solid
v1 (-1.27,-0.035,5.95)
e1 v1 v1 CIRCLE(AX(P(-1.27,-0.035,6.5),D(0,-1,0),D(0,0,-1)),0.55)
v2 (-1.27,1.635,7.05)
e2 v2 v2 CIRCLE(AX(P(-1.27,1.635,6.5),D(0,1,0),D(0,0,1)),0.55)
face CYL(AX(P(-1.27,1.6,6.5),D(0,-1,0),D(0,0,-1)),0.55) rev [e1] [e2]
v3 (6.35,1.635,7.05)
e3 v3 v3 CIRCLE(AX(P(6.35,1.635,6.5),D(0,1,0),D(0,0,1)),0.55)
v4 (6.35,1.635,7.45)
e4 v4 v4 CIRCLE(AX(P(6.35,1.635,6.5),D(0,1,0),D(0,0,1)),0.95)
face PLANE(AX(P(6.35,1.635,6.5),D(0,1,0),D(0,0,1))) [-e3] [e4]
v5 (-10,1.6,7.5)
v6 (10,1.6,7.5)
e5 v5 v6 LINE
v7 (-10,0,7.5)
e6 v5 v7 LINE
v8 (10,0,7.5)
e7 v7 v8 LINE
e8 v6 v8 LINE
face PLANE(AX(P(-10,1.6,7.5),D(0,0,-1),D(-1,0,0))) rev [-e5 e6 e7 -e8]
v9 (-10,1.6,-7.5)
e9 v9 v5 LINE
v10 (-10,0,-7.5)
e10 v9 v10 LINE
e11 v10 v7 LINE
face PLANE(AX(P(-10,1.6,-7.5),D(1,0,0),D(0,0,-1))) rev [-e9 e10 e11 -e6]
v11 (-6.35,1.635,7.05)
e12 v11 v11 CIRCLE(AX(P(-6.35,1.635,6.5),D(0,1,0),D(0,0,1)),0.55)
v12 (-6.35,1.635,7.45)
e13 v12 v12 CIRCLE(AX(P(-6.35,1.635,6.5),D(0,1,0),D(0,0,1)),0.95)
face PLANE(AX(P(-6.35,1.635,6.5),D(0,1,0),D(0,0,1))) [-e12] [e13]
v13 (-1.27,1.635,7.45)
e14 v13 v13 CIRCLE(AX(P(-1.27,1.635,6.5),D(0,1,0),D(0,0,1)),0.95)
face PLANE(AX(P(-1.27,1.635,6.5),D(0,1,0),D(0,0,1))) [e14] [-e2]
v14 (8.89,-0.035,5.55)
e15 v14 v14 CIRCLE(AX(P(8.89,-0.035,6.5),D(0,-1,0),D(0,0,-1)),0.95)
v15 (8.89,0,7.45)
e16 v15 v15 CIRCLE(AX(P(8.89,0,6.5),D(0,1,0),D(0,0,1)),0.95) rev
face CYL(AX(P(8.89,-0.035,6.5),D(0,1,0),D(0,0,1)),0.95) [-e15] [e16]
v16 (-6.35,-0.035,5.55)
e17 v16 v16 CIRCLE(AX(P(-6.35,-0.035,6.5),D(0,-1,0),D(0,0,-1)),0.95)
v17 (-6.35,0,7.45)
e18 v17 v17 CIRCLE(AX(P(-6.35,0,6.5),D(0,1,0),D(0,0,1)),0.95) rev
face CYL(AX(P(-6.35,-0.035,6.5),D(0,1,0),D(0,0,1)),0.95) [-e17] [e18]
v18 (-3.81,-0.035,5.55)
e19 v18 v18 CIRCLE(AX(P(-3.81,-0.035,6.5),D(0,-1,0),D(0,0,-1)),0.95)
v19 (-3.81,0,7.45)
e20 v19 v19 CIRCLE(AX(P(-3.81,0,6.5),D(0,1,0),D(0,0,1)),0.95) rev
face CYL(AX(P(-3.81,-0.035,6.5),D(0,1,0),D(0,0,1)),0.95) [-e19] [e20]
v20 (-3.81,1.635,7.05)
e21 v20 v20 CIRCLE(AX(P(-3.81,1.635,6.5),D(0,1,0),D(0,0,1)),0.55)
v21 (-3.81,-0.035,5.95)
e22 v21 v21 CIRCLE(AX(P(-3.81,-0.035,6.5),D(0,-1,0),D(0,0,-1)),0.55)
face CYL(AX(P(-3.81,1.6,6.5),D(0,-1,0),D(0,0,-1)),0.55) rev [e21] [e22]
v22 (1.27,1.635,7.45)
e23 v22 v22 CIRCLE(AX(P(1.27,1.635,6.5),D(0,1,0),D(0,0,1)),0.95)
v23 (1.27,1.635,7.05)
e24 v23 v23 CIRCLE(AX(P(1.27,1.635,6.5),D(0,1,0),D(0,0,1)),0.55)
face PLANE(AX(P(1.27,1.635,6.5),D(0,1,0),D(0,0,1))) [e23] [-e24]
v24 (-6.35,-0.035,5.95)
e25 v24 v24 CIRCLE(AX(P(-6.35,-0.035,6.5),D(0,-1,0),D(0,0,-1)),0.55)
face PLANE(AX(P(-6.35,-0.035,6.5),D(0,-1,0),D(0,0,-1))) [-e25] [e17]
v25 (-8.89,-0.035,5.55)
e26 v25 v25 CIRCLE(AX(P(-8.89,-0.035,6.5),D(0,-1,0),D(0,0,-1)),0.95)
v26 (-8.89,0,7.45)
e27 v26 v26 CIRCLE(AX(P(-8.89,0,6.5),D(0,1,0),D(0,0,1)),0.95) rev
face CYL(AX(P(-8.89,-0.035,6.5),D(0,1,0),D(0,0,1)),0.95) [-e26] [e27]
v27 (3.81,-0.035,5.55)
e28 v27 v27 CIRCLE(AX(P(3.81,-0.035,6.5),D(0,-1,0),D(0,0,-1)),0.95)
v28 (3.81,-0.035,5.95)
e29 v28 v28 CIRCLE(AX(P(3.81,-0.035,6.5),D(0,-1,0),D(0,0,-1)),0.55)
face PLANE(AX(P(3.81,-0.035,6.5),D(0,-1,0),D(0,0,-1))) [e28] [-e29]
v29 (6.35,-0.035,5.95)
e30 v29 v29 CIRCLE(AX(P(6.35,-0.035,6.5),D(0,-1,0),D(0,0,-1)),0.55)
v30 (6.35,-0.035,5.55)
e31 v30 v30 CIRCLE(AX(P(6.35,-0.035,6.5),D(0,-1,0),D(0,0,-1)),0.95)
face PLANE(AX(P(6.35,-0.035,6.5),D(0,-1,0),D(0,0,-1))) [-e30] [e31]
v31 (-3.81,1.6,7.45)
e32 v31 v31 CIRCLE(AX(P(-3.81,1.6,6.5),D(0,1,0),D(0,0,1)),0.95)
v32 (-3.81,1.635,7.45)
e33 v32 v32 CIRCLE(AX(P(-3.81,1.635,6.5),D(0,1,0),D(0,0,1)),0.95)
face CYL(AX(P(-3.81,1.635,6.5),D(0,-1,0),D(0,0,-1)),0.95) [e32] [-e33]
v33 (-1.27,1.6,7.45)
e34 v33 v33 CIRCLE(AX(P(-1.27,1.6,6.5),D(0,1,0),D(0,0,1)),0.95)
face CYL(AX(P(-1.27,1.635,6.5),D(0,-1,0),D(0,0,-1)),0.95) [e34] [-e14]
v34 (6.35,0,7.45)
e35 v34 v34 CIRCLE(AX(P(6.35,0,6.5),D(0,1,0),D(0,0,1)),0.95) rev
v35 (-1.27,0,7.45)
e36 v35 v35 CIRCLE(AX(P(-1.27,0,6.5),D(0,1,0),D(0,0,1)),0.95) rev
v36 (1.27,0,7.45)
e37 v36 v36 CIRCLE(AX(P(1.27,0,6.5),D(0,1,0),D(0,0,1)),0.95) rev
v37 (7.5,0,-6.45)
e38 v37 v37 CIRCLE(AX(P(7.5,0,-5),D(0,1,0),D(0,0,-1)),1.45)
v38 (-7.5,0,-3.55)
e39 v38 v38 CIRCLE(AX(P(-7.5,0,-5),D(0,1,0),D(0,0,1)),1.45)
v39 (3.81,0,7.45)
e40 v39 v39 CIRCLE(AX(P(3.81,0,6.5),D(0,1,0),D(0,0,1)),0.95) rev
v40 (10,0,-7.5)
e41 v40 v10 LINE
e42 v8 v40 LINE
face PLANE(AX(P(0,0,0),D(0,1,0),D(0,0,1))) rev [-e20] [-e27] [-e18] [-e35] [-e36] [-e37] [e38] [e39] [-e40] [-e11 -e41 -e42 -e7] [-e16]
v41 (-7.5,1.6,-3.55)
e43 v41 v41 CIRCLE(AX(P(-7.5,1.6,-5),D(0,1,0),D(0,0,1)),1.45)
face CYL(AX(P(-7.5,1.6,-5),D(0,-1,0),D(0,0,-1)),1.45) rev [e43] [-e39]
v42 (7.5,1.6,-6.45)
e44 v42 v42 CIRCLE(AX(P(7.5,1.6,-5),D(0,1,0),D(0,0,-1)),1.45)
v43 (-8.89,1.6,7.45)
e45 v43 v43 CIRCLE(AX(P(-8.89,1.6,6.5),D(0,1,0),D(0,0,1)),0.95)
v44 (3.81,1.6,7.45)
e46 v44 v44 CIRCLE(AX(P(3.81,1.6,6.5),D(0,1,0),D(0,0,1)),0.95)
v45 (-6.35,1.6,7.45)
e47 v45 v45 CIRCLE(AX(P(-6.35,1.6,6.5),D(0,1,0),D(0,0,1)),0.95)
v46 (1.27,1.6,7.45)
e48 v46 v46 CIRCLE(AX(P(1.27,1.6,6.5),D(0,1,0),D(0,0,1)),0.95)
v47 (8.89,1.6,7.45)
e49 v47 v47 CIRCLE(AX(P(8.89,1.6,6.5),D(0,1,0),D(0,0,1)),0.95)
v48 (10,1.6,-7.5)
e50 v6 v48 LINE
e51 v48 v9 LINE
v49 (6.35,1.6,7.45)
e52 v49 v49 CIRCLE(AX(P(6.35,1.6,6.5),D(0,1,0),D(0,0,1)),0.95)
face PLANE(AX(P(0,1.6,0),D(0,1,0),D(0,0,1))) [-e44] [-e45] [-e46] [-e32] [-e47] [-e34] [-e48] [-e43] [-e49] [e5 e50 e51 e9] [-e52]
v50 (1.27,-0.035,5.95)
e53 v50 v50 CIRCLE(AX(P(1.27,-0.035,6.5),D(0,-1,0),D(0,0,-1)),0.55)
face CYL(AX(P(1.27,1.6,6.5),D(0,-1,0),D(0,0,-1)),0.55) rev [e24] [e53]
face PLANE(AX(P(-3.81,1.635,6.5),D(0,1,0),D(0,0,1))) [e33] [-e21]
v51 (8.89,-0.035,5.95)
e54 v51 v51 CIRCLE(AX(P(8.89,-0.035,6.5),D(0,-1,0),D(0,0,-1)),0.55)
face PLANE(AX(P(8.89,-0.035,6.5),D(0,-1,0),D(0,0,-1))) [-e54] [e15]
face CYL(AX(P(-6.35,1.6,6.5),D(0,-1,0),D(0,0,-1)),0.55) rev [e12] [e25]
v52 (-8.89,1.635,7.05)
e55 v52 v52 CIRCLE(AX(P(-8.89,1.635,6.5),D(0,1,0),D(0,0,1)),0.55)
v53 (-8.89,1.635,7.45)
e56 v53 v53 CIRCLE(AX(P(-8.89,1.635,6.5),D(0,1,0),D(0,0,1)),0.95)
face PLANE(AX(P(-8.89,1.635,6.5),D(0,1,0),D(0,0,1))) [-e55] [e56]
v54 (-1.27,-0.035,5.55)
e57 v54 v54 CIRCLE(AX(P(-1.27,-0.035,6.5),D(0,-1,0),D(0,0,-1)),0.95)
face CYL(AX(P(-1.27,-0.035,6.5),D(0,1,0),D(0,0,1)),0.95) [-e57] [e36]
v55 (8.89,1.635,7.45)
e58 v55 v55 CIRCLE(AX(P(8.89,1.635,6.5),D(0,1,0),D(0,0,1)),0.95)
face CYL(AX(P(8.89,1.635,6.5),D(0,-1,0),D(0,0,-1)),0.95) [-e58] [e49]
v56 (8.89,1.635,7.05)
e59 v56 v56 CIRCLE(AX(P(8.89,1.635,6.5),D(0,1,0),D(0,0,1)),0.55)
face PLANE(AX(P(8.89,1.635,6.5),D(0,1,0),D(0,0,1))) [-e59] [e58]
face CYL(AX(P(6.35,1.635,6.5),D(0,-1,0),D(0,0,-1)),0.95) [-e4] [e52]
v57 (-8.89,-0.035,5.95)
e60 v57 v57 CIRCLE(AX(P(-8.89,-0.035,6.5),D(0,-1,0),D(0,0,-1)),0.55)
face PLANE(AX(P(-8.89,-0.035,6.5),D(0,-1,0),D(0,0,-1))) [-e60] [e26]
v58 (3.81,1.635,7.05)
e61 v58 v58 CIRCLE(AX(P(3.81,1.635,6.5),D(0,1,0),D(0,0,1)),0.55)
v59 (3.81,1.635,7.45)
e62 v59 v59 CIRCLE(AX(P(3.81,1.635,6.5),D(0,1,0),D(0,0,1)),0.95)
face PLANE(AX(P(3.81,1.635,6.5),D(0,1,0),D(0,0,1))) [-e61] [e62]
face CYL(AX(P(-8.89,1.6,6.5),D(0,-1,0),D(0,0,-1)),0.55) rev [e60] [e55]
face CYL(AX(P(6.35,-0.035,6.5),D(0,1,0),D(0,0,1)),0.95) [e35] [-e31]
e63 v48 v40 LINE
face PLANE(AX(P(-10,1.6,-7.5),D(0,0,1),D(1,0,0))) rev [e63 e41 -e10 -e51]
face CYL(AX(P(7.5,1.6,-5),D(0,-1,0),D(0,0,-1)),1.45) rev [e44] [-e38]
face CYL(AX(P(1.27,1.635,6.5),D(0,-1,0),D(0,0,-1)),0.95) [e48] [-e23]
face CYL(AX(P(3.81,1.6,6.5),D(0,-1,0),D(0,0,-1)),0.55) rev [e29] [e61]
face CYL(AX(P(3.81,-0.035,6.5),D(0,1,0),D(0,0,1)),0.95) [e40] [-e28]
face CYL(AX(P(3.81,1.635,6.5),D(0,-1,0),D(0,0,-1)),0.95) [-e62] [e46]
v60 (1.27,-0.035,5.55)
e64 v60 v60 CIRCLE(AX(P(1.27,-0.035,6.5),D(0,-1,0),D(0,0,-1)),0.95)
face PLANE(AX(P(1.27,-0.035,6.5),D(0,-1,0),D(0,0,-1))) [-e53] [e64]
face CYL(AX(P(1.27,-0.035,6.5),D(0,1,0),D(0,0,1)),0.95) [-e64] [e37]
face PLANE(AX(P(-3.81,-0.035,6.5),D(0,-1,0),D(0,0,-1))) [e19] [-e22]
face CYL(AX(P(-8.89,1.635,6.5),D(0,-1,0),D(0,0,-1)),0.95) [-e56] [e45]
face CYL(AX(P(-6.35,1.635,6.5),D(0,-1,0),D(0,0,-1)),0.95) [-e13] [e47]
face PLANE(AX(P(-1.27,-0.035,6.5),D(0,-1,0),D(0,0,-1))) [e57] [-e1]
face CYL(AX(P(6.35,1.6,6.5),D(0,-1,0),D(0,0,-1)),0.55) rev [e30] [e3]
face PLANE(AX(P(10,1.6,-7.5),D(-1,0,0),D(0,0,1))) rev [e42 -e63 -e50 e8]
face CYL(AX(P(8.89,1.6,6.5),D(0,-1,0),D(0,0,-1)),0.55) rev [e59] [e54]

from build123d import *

# Parameters (mm, degrees)
ESBO_O1_W                = 20
ESBO_O1_H                = 15
ESBO_O1_R                = 1.45
ESBO_O1_R_2              = 0.55
RESSALTO_EXTRUS_O1_DEPTH = 1.6
ESBO_O2_R                = 0.95
ESBO_O2_R_2              = 0.55
RESSALTO_EXTRUS_O2_DEPTH = 0.035
ESBO_O3_R                = 0.95
ESBO_O3_R_2              = 0.55
RESSALTO_EXTRUS_O3_DEPTH = 0.035


with BuildPart() as part:
    # Esboço1 → Ressalto-extrusão1 (new body)
    with BuildSketch(Plane(origin=(0, 0, 0), x_dir=(1, 0, 0), z_dir=(0, 1, 0))):
        Rectangle(ESBO_O1_W, ESBO_O1_H)
        with Locations((-7.5, 5)):
            Circle(ESBO_O1_R, mode=Mode.SUBTRACT)
        with Locations((7.5, 5)):
            Circle(ESBO_O1_R, mode=Mode.SUBTRACT)
        with Locations((-1.27, -6.5)):
            Circle(ESBO_O1_R_2, mode=Mode.SUBTRACT)
        with Locations((-3.81, -6.5)):
            Circle(ESBO_O1_R_2, mode=Mode.SUBTRACT)
        with Locations((-6.35, -6.5)):
            Circle(ESBO_O1_R_2, mode=Mode.SUBTRACT)
        with Locations((-8.89, -6.5)):
            Circle(ESBO_O1_R_2, mode=Mode.SUBTRACT)
        with Locations((1.27, -6.5)):
            Circle(ESBO_O1_R_2, mode=Mode.SUBTRACT)
        with Locations((3.81, -6.5)):
            Circle(ESBO_O1_R_2, mode=Mode.SUBTRACT)
        with Locations((6.35, -6.5)):
            Circle(ESBO_O1_R_2, mode=Mode.SUBTRACT)
        with Locations((8.89, -6.5)):
            Circle(ESBO_O1_R_2, mode=Mode.SUBTRACT)
    extrude(amount=RESSALTO_EXTRUS_O1_DEPTH)

    # Esboço2 → Ressalto-extrusão2 (add)
    with BuildSketch(Plane(origin=(0, 1.6, 0), x_dir=(1, 0, 0), z_dir=(0, 1, 0))):
        with Locations((-6.35, -6.5)):
            Circle(ESBO_O2_R)
        with Locations((-6.35, -6.5)):
            Circle(ESBO_O2_R_2, mode=Mode.SUBTRACT)
        with Locations((-8.89, -6.5)):
            Circle(ESBO_O2_R)
        with Locations((-8.89, -6.5)):
            Circle(ESBO_O2_R_2, mode=Mode.SUBTRACT)
        with Locations((-3.81, -6.5)):
            Circle(ESBO_O2_R)
        with Locations((-3.81, -6.5)):
            Circle(ESBO_O2_R_2, mode=Mode.SUBTRACT)
        with Locations((-1.27, -6.5)):
            Circle(ESBO_O2_R)
        with Locations((-1.27, -6.5)):
            Circle(ESBO_O2_R_2, mode=Mode.SUBTRACT)
        with Locations((1.27, -6.5)):
            Circle(ESBO_O2_R)
        with Locations((1.27, -6.5)):
            Circle(ESBO_O2_R_2, mode=Mode.SUBTRACT)
        with Locations((3.81, -6.5)):
            Circle(ESBO_O2_R)
        with Locations((3.81, -6.5)):
            Circle(ESBO_O2_R_2, mode=Mode.SUBTRACT)
        with Locations((6.35, -6.5)):
            Circle(ESBO_O2_R)
        with Locations((6.35, -6.5)):
            Circle(ESBO_O2_R_2, mode=Mode.SUBTRACT)
        with Locations((8.89, -6.5)):
            Circle(ESBO_O2_R)
        with Locations((8.89, -6.5)):
            Circle(ESBO_O2_R_2, mode=Mode.SUBTRACT)
    extrude(amount=RESSALTO_EXTRUS_O2_DEPTH)

    # Esboço3 → Ressalto-extrusão3 (add)
    with BuildSketch(Plane.XZ):
        with Locations((8.89, 6.5)):
            Circle(ESBO_O3_R)
        with Locations((8.89, 6.5)):
            Circle(ESBO_O3_R_2, mode=Mode.SUBTRACT)
        with Locations((6.35, 6.5)):
            Circle(ESBO_O3_R)
        with Locations((6.35, 6.5)):
            Circle(ESBO_O3_R_2, mode=Mode.SUBTRACT)
        with Locations((3.81, 6.5)):
            Circle(ESBO_O3_R)
        with Locations((3.81, 6.5)):
            Circle(ESBO_O3_R_2, mode=Mode.SUBTRACT)
        with Locations((1.27, 6.5)):
            Circle(ESBO_O3_R)
        with Locations((1.27, 6.5)):
            Circle(ESBO_O3_R_2, mode=Mode.SUBTRACT)
        with Locations((-1.27, 6.5)):
            Circle(ESBO_O3_R)
        with Locations((-1.27, 6.5)):
            Circle(ESBO_O3_R_2, mode=Mode.SUBTRACT)
        with Locations((-3.81, 6.5)):
            Circle(ESBO_O3_R)
        with Locations((-3.81, 6.5)):
            Circle(ESBO_O3_R_2, mode=Mode.SUBTRACT)
        with Locations((-6.35, 6.5)):
            Circle(ESBO_O3_R)
        with Locations((-6.35, 6.5)):
            Circle(ESBO_O3_R_2, mode=Mode.SUBTRACT)
        with Locations((-8.89, 6.5)):
            Circle(ESBO_O3_R)
        with Locations((-8.89, 6.5)):
            Circle(ESBO_O3_R_2, mode=Mode.SUBTRACT)
    extrude(amount=RESSALTO_EXTRUS_O3_DEPTH)


solid = part.part
